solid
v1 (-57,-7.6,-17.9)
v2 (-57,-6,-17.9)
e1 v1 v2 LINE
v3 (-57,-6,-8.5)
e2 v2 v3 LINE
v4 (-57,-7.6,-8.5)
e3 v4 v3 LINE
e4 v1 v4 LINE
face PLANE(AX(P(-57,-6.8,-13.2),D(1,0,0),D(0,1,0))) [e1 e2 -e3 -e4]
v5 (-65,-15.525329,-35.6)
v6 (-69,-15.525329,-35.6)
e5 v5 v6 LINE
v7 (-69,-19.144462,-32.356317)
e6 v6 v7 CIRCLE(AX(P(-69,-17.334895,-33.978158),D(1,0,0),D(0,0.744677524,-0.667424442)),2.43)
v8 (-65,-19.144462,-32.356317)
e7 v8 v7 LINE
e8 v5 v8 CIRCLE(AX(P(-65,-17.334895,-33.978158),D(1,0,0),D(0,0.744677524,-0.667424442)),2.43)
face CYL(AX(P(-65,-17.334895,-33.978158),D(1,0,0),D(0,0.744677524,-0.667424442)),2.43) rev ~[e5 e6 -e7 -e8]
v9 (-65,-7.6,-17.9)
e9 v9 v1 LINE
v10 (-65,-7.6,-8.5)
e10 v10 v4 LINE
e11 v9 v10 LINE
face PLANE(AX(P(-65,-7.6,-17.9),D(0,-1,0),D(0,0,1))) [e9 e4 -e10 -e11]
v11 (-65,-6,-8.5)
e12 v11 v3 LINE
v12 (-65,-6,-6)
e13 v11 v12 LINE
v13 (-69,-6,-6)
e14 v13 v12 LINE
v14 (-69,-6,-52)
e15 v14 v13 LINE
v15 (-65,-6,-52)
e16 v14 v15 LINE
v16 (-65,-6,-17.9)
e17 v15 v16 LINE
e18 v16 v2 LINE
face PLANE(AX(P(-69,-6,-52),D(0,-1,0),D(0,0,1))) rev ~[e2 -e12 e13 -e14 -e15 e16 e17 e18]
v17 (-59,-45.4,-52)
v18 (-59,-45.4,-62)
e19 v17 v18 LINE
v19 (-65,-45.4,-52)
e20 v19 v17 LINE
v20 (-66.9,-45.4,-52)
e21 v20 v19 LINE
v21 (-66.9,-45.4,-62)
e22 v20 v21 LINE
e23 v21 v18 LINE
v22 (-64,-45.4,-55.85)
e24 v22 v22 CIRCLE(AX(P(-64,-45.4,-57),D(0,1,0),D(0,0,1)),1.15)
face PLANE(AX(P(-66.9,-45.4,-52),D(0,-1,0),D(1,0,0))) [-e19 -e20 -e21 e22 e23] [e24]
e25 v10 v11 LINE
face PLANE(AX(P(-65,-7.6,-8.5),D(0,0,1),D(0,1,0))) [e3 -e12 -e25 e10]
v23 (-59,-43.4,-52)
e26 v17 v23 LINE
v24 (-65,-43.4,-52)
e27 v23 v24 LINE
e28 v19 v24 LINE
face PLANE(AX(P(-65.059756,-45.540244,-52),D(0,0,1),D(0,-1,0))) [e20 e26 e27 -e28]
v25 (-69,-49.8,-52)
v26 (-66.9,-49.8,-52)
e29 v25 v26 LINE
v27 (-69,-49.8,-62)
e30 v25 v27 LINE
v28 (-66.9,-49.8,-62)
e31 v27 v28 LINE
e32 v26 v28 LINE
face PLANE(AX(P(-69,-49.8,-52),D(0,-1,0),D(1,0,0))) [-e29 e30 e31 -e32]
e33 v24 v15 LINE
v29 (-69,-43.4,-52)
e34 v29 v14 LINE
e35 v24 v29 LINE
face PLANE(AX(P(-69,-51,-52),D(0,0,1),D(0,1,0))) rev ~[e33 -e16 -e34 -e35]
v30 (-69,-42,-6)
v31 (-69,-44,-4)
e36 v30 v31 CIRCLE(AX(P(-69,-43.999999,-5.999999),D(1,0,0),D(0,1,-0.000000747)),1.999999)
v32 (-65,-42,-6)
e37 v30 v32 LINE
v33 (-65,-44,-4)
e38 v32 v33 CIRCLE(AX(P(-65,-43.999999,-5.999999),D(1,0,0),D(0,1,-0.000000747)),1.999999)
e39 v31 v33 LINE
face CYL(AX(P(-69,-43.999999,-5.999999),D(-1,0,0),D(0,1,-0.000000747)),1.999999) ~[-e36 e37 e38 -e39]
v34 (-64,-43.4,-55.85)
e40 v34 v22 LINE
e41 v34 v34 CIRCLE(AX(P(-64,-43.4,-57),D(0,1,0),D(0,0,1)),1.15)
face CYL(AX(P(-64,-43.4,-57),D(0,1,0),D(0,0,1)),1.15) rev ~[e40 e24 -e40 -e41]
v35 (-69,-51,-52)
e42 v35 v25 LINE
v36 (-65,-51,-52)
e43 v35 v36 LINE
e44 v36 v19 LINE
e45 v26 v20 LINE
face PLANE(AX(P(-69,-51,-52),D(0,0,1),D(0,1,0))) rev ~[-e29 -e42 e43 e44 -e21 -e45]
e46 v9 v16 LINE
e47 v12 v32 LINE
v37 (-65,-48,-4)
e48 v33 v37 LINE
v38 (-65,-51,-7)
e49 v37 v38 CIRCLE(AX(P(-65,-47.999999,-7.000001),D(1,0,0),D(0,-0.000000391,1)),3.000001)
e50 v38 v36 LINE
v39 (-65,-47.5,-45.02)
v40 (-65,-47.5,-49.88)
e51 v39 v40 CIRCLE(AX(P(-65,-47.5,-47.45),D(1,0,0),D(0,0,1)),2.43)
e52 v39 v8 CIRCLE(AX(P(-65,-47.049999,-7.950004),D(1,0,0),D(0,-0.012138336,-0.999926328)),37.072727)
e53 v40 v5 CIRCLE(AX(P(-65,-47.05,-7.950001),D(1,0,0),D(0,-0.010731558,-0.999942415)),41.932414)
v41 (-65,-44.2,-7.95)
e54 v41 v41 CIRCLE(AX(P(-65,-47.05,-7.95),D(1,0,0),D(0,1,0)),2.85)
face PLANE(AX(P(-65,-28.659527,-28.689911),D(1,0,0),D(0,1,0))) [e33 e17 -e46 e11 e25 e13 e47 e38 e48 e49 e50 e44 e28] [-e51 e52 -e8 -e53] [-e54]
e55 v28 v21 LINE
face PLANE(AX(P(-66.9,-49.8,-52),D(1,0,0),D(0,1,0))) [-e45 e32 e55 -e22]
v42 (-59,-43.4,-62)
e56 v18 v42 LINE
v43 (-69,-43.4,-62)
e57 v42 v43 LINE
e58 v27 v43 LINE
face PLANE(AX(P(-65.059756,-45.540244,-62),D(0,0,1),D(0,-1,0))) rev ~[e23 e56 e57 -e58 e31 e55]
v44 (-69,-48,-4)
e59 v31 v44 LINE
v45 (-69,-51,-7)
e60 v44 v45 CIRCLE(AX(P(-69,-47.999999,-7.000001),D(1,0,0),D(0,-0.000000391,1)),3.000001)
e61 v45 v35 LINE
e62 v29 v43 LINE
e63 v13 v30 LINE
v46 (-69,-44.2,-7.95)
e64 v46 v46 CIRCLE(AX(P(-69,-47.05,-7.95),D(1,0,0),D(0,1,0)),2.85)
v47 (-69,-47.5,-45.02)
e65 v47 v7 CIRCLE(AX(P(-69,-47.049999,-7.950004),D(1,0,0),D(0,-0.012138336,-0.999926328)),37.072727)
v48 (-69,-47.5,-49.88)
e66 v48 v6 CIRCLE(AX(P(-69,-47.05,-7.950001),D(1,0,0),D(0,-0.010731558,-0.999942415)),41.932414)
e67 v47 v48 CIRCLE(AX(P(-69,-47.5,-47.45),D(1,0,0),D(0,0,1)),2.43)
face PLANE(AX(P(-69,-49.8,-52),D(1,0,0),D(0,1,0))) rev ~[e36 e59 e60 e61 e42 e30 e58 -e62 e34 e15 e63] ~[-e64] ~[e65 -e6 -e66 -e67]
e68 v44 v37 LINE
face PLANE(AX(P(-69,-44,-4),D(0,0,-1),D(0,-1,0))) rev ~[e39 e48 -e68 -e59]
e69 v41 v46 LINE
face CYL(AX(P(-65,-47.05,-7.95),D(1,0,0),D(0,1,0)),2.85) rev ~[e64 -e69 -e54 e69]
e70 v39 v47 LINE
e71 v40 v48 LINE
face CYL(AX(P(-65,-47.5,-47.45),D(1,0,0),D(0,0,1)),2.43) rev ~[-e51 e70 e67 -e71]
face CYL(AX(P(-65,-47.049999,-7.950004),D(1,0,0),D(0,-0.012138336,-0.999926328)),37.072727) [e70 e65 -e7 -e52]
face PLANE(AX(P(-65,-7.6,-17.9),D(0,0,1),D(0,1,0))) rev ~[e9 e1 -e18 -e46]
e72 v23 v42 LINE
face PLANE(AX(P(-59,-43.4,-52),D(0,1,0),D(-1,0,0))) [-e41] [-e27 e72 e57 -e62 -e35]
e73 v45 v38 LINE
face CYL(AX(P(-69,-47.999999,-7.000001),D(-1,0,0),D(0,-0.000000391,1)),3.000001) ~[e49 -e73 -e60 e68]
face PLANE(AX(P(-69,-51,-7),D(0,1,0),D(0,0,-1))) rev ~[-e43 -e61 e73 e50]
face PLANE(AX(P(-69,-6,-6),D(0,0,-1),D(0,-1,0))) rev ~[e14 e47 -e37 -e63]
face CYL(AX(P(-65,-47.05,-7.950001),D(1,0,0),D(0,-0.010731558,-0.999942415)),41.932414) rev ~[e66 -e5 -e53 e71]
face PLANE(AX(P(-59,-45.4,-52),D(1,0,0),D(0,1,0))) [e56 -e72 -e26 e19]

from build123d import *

# Parameters (mm, degrees)
PAD046_DEPTH    = 4
SKETCH079_R     = 2.85
POCKET030_DEPTH = 5
PAD047_DEPTH    = 10
SKETCH081_R     = 1.15
POCKET031_DEPTH = 5
SKETCH096_W     = 1.6
SKETCH096_H     = 9.4
PAD058_DEPTH    = 8


with BuildPart() as part:
    # Sketch078 → Pad046 (new body)
    with BuildSketch(Plane.YZ):
        with BuildLine():
            Line((0, -13), (45, -13))
            Line((45, -13), (45, 33))
            Line((45, 33), (9, 33))
            ThreePointArc((9, 33), (8.414214, 34.414214), (7, 35))
            Line((7, 35), (3, 35))
            ThreePointArc((3, 35), (0.87868, 34.12132), (0, 32))
            Line((0, 32), (0, -13))
        make_face()
    extrude(amount=PAD046_DEPTH)

    # Sketch079 (on Face9 of Pad046) → Pocket030 (cut)
    with BuildSketch(Plane.YZ.offset(4)):
        with Locations((3.95, 31.05)):
            Circle(SKETCH079_R)
        with BuildLine():
            ThreePointArc((3.5, -6.02), (1.07, -8.45), (3.5, -10.88))
            ThreePointArc((3.5, -10.88), (21.049368, -7.237583), (35.474671, 3.4))
            ThreePointArc((35.474671, 3.4), (35.286946, 6.831408), (31.855538, 6.643683))
            ThreePointArc((3.5, -6.02), (19.067667, -2.800311), (31.855538, 6.643683))
        make_face()
    extrude(amount=-POCKET030_DEPTH, mode=Mode.SUBTRACT)

    # Sketch080 (on Face1 of Pocket030) → Pad047 (join)
    with BuildSketch(Plane.YX.offset(13)):
        Polygon((1.2, 2.1), (5.6, 2.1), (5.6, 10), (7.6, 10), (7.6, 0), (5.6, 0), (1.2, 0), align=None)
    extrude(amount=PAD047_DEPTH)

    # Sketch081 (on Face21 of Pad047) → Pocket031 (cut)
    with BuildSketch(Plane.ZX.offset(7.6)):
        with Locations((-18, 5)):
            Circle(SKETCH081_R)
    extrude(amount=-POCKET031_DEPTH, mode=Mode.SUBTRACT)

    # Sketch096 (on Face6 of Pocket031) → Pad058 (join)
    with BuildSketch(Plane.YZ.offset(4)):
        with Locations((44.2, 25.8)):
            Rectangle(SKETCH096_W, SKETCH096_H)
    extrude(amount=PAD058_DEPTH)


with BuildPart() as part_1:
    # Body019 placement: moved
    add(part.part.moved(Location((-69, -51, -39))))


solid = part_1.part
